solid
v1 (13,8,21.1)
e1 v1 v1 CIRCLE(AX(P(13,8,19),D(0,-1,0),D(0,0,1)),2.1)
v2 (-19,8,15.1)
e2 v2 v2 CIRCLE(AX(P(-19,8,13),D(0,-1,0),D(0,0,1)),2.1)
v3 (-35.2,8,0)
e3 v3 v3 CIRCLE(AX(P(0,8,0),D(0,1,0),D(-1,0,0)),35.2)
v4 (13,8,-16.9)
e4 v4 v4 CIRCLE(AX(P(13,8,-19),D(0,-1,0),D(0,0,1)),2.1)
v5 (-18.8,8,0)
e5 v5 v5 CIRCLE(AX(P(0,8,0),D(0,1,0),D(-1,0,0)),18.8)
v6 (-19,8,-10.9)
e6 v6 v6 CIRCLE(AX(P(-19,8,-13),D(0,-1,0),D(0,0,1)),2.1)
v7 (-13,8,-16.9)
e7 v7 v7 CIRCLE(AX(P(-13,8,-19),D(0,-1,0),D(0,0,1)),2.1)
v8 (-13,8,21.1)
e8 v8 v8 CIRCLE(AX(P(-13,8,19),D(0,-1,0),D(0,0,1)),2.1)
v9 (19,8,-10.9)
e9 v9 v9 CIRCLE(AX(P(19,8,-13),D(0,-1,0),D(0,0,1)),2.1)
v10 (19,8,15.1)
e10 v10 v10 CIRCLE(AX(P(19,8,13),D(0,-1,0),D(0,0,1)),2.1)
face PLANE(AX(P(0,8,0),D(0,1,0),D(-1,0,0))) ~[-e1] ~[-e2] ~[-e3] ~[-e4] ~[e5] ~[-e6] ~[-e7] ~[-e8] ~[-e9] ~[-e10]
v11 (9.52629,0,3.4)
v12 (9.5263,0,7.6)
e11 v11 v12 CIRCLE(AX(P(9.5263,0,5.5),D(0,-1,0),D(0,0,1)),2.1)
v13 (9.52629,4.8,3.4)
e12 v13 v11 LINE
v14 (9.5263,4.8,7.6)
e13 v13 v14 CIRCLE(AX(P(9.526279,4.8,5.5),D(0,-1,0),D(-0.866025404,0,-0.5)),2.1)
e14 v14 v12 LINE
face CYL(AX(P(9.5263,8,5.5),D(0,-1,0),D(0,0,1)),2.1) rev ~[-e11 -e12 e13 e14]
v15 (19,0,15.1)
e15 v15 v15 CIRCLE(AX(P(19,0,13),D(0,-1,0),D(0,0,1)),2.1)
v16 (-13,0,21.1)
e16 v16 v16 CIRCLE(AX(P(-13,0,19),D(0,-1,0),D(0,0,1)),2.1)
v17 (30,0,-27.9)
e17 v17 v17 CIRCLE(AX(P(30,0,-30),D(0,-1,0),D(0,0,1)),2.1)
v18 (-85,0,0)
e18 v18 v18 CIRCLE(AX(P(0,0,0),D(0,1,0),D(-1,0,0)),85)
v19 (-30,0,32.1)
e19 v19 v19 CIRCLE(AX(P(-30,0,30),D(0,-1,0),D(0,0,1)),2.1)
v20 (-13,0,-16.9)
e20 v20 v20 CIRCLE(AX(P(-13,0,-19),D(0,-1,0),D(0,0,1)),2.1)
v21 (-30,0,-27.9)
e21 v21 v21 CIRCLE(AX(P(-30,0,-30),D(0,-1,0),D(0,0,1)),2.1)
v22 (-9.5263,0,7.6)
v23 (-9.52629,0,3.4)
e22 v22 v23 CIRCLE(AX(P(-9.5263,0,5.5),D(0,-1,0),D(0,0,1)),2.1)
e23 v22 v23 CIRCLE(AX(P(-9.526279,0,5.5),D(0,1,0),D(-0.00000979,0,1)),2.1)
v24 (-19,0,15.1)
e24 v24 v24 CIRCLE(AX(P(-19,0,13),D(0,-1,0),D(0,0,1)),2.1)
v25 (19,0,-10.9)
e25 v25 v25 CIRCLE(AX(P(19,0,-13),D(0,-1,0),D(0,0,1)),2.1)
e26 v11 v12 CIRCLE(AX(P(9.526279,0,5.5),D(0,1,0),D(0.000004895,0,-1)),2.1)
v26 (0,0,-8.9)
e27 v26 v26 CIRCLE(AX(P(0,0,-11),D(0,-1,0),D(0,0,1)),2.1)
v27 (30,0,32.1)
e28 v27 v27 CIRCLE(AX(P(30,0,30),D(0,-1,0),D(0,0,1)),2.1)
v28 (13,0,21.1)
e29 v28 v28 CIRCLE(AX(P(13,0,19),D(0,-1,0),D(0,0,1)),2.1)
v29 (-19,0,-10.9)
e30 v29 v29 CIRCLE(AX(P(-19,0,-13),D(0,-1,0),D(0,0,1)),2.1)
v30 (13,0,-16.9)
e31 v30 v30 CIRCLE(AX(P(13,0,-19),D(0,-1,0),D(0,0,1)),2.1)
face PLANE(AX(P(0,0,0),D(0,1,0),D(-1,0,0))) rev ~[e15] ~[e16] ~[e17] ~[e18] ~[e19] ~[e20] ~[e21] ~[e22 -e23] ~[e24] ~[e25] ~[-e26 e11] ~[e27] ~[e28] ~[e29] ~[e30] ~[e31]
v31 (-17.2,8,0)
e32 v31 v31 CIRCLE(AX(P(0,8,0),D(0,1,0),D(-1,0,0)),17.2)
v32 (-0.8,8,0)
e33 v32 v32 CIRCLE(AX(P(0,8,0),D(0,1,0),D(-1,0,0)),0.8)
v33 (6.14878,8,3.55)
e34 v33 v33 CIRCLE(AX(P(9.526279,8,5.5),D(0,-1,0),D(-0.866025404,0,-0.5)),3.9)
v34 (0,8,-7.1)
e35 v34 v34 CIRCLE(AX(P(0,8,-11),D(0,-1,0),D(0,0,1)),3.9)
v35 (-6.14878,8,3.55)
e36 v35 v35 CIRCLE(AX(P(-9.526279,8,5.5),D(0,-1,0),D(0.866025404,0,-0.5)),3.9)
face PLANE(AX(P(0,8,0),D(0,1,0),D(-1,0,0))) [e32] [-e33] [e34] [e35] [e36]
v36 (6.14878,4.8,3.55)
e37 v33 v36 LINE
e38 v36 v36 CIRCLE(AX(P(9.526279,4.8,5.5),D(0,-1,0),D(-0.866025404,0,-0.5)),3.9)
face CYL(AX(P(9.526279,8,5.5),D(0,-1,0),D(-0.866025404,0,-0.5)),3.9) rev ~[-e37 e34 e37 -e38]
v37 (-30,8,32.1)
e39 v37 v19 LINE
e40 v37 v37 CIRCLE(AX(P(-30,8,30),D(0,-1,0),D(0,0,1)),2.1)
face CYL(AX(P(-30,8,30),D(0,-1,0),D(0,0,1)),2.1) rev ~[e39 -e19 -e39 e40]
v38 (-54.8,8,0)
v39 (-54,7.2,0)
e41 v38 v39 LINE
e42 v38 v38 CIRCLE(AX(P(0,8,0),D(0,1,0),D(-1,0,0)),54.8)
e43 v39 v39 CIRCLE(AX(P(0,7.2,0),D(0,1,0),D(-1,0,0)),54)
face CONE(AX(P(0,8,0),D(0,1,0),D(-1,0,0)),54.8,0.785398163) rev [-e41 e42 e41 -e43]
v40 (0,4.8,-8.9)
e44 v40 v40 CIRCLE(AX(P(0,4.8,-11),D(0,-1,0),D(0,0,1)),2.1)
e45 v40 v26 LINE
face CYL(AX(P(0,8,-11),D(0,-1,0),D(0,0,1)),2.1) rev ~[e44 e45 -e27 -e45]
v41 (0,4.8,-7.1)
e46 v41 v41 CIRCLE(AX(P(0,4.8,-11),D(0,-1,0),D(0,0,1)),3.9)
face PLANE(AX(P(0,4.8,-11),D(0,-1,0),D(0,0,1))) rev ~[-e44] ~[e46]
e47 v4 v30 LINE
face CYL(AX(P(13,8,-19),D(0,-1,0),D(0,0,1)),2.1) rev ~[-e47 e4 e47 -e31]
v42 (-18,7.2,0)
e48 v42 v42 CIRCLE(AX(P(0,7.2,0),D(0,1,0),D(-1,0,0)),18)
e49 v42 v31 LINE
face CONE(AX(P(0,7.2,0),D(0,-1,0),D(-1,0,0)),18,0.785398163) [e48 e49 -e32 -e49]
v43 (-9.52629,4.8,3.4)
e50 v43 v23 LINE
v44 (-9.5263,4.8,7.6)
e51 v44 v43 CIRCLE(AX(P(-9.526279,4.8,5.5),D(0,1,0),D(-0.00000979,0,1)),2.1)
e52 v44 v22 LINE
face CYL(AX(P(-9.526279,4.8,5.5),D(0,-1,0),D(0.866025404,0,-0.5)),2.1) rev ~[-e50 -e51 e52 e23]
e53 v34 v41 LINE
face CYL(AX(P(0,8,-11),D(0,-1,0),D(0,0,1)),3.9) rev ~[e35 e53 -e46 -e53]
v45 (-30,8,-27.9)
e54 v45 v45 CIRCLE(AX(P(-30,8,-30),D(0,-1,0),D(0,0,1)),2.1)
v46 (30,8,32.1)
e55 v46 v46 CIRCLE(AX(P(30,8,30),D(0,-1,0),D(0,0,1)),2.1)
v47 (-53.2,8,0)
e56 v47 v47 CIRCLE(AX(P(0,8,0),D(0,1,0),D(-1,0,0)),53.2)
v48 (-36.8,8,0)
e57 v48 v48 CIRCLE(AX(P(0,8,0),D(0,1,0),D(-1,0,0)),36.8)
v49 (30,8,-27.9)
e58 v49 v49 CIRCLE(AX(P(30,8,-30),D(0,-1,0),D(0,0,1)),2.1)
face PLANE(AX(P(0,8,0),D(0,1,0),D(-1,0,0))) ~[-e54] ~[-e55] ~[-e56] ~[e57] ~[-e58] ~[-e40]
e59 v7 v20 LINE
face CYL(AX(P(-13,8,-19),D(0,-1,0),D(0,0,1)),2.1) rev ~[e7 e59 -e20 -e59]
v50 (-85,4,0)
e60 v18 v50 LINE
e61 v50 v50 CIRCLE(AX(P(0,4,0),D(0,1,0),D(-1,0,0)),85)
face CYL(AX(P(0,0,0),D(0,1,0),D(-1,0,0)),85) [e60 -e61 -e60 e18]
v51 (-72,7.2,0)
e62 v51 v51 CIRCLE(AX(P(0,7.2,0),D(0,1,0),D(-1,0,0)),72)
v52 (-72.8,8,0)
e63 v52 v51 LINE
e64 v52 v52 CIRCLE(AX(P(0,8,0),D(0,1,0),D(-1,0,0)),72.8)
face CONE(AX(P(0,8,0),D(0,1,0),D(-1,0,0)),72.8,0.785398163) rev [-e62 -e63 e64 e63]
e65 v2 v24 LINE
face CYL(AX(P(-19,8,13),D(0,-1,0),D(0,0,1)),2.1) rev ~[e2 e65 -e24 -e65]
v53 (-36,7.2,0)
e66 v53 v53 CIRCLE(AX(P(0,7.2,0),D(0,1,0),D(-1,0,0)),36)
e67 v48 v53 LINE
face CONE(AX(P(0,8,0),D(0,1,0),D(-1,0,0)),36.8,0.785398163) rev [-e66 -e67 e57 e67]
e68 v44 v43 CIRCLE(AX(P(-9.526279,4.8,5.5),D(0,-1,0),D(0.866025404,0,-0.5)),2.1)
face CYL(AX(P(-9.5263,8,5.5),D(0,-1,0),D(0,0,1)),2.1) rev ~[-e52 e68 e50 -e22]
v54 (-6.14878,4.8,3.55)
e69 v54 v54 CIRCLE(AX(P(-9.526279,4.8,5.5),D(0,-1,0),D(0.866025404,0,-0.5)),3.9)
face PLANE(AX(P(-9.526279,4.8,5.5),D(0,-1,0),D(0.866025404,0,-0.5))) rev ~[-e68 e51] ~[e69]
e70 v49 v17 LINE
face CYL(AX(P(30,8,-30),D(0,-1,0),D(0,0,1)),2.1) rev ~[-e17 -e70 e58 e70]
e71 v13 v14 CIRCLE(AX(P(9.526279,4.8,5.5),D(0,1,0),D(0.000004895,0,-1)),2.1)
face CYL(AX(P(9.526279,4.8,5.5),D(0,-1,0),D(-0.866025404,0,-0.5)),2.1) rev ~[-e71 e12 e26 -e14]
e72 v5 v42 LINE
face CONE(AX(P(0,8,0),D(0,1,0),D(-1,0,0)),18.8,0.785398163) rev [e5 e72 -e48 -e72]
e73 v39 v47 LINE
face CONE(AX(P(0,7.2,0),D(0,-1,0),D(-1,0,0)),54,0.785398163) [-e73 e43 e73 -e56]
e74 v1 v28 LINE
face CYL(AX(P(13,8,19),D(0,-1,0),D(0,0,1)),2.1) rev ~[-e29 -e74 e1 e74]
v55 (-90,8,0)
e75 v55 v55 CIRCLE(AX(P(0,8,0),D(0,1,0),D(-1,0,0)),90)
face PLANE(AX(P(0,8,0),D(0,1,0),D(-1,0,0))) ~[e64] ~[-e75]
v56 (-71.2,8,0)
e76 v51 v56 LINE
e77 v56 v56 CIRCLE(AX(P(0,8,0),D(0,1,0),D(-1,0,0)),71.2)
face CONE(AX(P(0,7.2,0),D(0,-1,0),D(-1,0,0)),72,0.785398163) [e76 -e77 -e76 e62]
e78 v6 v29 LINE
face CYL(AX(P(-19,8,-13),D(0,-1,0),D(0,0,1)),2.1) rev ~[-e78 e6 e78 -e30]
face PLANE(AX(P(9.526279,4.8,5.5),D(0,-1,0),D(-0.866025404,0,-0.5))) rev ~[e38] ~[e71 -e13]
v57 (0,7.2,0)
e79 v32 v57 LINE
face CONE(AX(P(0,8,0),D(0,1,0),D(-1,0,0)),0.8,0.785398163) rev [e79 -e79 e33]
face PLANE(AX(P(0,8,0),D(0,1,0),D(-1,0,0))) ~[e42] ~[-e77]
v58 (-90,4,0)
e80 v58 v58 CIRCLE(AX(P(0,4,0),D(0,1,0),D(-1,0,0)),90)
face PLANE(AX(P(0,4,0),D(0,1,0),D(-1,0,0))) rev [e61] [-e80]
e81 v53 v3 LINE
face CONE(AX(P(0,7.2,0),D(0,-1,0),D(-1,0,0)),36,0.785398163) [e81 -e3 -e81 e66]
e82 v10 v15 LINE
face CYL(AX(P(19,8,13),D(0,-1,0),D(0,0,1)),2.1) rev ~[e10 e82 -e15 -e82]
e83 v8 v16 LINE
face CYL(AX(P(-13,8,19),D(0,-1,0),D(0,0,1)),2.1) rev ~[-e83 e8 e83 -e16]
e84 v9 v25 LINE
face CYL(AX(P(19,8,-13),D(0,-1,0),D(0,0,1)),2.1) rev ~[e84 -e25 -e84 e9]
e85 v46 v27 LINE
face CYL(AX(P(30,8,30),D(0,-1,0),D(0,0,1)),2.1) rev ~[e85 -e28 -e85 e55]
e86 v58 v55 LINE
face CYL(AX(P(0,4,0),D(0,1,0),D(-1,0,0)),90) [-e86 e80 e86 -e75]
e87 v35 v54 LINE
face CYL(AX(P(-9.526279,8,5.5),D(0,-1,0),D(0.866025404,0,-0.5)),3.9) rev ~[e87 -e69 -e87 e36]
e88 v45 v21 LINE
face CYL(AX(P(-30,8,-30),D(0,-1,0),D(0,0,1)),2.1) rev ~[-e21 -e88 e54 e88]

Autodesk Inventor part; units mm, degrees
ref_plane "YZ Plane" through (0, 0, 0) normal (1, 0, 0) x (0, 1, 0)
ref_plane "XZ Plane" through (0, 0, 0) normal (0, 1, 0) x (-1, 0, 0)
ref_plane "XY Plane" through (0, 0, 0) normal (0, 0, 1) x (1, 0, 0)
sketch "Sketch1" plane through (0, 0, 0) normal (0, 0, 1) x (1, 0, 0)
  line L0 (0, -1.6) -> (0, 9.6) projected
  line L1 (-108, 0) -> (18, 0) projected
  line L2 (0, 0) -> (-85, 0)
  line L3 (-85, 0) -> (-85, 4)
  line L4 (-85, 4) -> (-90, 4)
  line L5 (-90, 4) -> (-90, 8)
  line L6 (0, 7.2) -> (0, 0)
  line L7 (-0.8, 8) -> (0, 7.2)
  line L8 (-18.8, 8) -> (-18, 7.2)
  line L9 (-18, 7.2) -> (-17.2, 8)
  line L10 (-90, 8) -> (-18.8, 8) construction
  line L11 (-17.2, 8) -> (-0.8, 8)
  line L12 (-36.8, 8) -> (-36, 7.2)
  line L13 (-36, 7.2) -> (-35.2, 8)
  line L14 (-54.8, 8) -> (-54, 7.2)
  line L15 (-54, 7.2) -> (-53.2, 8)
  line L16 (-72.8, 8) -> (-72, 7.2)
  line L17 (-72, 7.2) -> (-71.2, 8)
  line L18 (-18.8, 8) -> (-35.2, 8)
  line L19 (-36.8, 8) -> (-53.2, 8)
  line L20 (-54.8, 8) -> (-71.2, 8)
  line L21 (-72.8, 8) -> (-90, 8)
  point P0 (-18, 8)
  point P1 (-36, 8)
  point P2 (-54, 8)
  point P3 (-72, 8)
  dimension "d2" = 5
  dimension "d3" = 4
  dimension "d4" = 90
  dimension "d7" = 18
  dimension "d11" = 18
  dimension "d17" = 8
  dimension "d18" = 135
  dimension "d19" = 0.8
revolve "Revolution1" add sketch "Sketch1" angle 360 about axis through (0, -10, 0) along (0, 1, 0)
sketch "Sketch2" plane through (0, 8, 0) normal (0, 1, 0) x (1, 0, 0)
  line L0 (-30, 30) -> (30, 30) construction
  line L1 (30, 30) -> (30, -30) construction
  line L2 (30, -30) -> (-30, -30) construction
  line L3 (-30, -30) -> (-30, 30) construction
  line L4 (-19, 13) -> (19, 13) construction
  line L5 (19, 13) -> (19, -13) construction
  line L6 (19, -13) -> (-19, -13) construction
  line L7 (-19, -13) -> (-19, 13) construction
  line L8 (-13, 19) -> (13, 19) construction
  line L9 (13, 19) -> (13, -19) construction
  line L10 (13, -19) -> (-13, -19) construction
  line L11 (-13, -19) -> (-13, 19) construction
  line L12 (0, 126) -> (0, -126) projected
  line L13 (-126, 0) -> (126, 0) projected
  circle A0 centre (0, 0) radius 11 construction
  point P0 (0, 11)
  point P1 (-9.5263, -5.5)
  point P2 (9.5263, -5.5)
  dimension "d21" = 60
  dimension "d22" = 26
  dimension "d23" = 38
  dimension "d25" = 22
  dimension "d26" = 120
  dimension "d27" = 120
hole "Hole1" at (0, 8, -11) at (-9.5263, 8, 5.5) at (9.5263, 8, 5.5) at (-30, 8, -30) at (-19, 8, -13) at (-13, 8, -19) at (13, 8, -19) at (19, 8, -13) at (30, 8, -30) at (30, 8, 30) at (-30, 8, 30) at (-13, 8, 19) at (13, 8, 19) at (19, 8, 13) at (-19, 8, 13) direction (0, -1, 0) diameter 4.2 end through all
hole "Hole2" at (0, 8, -11) direction (0, -1, 0) diameter 4.2 end through all counterbore diameter 7.8 counterbore depth 3.2
pattern_circular "Circular Pattern1" count 3 over 360 about axis through (0, -10, 0) along (0, 1, 0) of "Hole2"
properties part number "asztalv2"
